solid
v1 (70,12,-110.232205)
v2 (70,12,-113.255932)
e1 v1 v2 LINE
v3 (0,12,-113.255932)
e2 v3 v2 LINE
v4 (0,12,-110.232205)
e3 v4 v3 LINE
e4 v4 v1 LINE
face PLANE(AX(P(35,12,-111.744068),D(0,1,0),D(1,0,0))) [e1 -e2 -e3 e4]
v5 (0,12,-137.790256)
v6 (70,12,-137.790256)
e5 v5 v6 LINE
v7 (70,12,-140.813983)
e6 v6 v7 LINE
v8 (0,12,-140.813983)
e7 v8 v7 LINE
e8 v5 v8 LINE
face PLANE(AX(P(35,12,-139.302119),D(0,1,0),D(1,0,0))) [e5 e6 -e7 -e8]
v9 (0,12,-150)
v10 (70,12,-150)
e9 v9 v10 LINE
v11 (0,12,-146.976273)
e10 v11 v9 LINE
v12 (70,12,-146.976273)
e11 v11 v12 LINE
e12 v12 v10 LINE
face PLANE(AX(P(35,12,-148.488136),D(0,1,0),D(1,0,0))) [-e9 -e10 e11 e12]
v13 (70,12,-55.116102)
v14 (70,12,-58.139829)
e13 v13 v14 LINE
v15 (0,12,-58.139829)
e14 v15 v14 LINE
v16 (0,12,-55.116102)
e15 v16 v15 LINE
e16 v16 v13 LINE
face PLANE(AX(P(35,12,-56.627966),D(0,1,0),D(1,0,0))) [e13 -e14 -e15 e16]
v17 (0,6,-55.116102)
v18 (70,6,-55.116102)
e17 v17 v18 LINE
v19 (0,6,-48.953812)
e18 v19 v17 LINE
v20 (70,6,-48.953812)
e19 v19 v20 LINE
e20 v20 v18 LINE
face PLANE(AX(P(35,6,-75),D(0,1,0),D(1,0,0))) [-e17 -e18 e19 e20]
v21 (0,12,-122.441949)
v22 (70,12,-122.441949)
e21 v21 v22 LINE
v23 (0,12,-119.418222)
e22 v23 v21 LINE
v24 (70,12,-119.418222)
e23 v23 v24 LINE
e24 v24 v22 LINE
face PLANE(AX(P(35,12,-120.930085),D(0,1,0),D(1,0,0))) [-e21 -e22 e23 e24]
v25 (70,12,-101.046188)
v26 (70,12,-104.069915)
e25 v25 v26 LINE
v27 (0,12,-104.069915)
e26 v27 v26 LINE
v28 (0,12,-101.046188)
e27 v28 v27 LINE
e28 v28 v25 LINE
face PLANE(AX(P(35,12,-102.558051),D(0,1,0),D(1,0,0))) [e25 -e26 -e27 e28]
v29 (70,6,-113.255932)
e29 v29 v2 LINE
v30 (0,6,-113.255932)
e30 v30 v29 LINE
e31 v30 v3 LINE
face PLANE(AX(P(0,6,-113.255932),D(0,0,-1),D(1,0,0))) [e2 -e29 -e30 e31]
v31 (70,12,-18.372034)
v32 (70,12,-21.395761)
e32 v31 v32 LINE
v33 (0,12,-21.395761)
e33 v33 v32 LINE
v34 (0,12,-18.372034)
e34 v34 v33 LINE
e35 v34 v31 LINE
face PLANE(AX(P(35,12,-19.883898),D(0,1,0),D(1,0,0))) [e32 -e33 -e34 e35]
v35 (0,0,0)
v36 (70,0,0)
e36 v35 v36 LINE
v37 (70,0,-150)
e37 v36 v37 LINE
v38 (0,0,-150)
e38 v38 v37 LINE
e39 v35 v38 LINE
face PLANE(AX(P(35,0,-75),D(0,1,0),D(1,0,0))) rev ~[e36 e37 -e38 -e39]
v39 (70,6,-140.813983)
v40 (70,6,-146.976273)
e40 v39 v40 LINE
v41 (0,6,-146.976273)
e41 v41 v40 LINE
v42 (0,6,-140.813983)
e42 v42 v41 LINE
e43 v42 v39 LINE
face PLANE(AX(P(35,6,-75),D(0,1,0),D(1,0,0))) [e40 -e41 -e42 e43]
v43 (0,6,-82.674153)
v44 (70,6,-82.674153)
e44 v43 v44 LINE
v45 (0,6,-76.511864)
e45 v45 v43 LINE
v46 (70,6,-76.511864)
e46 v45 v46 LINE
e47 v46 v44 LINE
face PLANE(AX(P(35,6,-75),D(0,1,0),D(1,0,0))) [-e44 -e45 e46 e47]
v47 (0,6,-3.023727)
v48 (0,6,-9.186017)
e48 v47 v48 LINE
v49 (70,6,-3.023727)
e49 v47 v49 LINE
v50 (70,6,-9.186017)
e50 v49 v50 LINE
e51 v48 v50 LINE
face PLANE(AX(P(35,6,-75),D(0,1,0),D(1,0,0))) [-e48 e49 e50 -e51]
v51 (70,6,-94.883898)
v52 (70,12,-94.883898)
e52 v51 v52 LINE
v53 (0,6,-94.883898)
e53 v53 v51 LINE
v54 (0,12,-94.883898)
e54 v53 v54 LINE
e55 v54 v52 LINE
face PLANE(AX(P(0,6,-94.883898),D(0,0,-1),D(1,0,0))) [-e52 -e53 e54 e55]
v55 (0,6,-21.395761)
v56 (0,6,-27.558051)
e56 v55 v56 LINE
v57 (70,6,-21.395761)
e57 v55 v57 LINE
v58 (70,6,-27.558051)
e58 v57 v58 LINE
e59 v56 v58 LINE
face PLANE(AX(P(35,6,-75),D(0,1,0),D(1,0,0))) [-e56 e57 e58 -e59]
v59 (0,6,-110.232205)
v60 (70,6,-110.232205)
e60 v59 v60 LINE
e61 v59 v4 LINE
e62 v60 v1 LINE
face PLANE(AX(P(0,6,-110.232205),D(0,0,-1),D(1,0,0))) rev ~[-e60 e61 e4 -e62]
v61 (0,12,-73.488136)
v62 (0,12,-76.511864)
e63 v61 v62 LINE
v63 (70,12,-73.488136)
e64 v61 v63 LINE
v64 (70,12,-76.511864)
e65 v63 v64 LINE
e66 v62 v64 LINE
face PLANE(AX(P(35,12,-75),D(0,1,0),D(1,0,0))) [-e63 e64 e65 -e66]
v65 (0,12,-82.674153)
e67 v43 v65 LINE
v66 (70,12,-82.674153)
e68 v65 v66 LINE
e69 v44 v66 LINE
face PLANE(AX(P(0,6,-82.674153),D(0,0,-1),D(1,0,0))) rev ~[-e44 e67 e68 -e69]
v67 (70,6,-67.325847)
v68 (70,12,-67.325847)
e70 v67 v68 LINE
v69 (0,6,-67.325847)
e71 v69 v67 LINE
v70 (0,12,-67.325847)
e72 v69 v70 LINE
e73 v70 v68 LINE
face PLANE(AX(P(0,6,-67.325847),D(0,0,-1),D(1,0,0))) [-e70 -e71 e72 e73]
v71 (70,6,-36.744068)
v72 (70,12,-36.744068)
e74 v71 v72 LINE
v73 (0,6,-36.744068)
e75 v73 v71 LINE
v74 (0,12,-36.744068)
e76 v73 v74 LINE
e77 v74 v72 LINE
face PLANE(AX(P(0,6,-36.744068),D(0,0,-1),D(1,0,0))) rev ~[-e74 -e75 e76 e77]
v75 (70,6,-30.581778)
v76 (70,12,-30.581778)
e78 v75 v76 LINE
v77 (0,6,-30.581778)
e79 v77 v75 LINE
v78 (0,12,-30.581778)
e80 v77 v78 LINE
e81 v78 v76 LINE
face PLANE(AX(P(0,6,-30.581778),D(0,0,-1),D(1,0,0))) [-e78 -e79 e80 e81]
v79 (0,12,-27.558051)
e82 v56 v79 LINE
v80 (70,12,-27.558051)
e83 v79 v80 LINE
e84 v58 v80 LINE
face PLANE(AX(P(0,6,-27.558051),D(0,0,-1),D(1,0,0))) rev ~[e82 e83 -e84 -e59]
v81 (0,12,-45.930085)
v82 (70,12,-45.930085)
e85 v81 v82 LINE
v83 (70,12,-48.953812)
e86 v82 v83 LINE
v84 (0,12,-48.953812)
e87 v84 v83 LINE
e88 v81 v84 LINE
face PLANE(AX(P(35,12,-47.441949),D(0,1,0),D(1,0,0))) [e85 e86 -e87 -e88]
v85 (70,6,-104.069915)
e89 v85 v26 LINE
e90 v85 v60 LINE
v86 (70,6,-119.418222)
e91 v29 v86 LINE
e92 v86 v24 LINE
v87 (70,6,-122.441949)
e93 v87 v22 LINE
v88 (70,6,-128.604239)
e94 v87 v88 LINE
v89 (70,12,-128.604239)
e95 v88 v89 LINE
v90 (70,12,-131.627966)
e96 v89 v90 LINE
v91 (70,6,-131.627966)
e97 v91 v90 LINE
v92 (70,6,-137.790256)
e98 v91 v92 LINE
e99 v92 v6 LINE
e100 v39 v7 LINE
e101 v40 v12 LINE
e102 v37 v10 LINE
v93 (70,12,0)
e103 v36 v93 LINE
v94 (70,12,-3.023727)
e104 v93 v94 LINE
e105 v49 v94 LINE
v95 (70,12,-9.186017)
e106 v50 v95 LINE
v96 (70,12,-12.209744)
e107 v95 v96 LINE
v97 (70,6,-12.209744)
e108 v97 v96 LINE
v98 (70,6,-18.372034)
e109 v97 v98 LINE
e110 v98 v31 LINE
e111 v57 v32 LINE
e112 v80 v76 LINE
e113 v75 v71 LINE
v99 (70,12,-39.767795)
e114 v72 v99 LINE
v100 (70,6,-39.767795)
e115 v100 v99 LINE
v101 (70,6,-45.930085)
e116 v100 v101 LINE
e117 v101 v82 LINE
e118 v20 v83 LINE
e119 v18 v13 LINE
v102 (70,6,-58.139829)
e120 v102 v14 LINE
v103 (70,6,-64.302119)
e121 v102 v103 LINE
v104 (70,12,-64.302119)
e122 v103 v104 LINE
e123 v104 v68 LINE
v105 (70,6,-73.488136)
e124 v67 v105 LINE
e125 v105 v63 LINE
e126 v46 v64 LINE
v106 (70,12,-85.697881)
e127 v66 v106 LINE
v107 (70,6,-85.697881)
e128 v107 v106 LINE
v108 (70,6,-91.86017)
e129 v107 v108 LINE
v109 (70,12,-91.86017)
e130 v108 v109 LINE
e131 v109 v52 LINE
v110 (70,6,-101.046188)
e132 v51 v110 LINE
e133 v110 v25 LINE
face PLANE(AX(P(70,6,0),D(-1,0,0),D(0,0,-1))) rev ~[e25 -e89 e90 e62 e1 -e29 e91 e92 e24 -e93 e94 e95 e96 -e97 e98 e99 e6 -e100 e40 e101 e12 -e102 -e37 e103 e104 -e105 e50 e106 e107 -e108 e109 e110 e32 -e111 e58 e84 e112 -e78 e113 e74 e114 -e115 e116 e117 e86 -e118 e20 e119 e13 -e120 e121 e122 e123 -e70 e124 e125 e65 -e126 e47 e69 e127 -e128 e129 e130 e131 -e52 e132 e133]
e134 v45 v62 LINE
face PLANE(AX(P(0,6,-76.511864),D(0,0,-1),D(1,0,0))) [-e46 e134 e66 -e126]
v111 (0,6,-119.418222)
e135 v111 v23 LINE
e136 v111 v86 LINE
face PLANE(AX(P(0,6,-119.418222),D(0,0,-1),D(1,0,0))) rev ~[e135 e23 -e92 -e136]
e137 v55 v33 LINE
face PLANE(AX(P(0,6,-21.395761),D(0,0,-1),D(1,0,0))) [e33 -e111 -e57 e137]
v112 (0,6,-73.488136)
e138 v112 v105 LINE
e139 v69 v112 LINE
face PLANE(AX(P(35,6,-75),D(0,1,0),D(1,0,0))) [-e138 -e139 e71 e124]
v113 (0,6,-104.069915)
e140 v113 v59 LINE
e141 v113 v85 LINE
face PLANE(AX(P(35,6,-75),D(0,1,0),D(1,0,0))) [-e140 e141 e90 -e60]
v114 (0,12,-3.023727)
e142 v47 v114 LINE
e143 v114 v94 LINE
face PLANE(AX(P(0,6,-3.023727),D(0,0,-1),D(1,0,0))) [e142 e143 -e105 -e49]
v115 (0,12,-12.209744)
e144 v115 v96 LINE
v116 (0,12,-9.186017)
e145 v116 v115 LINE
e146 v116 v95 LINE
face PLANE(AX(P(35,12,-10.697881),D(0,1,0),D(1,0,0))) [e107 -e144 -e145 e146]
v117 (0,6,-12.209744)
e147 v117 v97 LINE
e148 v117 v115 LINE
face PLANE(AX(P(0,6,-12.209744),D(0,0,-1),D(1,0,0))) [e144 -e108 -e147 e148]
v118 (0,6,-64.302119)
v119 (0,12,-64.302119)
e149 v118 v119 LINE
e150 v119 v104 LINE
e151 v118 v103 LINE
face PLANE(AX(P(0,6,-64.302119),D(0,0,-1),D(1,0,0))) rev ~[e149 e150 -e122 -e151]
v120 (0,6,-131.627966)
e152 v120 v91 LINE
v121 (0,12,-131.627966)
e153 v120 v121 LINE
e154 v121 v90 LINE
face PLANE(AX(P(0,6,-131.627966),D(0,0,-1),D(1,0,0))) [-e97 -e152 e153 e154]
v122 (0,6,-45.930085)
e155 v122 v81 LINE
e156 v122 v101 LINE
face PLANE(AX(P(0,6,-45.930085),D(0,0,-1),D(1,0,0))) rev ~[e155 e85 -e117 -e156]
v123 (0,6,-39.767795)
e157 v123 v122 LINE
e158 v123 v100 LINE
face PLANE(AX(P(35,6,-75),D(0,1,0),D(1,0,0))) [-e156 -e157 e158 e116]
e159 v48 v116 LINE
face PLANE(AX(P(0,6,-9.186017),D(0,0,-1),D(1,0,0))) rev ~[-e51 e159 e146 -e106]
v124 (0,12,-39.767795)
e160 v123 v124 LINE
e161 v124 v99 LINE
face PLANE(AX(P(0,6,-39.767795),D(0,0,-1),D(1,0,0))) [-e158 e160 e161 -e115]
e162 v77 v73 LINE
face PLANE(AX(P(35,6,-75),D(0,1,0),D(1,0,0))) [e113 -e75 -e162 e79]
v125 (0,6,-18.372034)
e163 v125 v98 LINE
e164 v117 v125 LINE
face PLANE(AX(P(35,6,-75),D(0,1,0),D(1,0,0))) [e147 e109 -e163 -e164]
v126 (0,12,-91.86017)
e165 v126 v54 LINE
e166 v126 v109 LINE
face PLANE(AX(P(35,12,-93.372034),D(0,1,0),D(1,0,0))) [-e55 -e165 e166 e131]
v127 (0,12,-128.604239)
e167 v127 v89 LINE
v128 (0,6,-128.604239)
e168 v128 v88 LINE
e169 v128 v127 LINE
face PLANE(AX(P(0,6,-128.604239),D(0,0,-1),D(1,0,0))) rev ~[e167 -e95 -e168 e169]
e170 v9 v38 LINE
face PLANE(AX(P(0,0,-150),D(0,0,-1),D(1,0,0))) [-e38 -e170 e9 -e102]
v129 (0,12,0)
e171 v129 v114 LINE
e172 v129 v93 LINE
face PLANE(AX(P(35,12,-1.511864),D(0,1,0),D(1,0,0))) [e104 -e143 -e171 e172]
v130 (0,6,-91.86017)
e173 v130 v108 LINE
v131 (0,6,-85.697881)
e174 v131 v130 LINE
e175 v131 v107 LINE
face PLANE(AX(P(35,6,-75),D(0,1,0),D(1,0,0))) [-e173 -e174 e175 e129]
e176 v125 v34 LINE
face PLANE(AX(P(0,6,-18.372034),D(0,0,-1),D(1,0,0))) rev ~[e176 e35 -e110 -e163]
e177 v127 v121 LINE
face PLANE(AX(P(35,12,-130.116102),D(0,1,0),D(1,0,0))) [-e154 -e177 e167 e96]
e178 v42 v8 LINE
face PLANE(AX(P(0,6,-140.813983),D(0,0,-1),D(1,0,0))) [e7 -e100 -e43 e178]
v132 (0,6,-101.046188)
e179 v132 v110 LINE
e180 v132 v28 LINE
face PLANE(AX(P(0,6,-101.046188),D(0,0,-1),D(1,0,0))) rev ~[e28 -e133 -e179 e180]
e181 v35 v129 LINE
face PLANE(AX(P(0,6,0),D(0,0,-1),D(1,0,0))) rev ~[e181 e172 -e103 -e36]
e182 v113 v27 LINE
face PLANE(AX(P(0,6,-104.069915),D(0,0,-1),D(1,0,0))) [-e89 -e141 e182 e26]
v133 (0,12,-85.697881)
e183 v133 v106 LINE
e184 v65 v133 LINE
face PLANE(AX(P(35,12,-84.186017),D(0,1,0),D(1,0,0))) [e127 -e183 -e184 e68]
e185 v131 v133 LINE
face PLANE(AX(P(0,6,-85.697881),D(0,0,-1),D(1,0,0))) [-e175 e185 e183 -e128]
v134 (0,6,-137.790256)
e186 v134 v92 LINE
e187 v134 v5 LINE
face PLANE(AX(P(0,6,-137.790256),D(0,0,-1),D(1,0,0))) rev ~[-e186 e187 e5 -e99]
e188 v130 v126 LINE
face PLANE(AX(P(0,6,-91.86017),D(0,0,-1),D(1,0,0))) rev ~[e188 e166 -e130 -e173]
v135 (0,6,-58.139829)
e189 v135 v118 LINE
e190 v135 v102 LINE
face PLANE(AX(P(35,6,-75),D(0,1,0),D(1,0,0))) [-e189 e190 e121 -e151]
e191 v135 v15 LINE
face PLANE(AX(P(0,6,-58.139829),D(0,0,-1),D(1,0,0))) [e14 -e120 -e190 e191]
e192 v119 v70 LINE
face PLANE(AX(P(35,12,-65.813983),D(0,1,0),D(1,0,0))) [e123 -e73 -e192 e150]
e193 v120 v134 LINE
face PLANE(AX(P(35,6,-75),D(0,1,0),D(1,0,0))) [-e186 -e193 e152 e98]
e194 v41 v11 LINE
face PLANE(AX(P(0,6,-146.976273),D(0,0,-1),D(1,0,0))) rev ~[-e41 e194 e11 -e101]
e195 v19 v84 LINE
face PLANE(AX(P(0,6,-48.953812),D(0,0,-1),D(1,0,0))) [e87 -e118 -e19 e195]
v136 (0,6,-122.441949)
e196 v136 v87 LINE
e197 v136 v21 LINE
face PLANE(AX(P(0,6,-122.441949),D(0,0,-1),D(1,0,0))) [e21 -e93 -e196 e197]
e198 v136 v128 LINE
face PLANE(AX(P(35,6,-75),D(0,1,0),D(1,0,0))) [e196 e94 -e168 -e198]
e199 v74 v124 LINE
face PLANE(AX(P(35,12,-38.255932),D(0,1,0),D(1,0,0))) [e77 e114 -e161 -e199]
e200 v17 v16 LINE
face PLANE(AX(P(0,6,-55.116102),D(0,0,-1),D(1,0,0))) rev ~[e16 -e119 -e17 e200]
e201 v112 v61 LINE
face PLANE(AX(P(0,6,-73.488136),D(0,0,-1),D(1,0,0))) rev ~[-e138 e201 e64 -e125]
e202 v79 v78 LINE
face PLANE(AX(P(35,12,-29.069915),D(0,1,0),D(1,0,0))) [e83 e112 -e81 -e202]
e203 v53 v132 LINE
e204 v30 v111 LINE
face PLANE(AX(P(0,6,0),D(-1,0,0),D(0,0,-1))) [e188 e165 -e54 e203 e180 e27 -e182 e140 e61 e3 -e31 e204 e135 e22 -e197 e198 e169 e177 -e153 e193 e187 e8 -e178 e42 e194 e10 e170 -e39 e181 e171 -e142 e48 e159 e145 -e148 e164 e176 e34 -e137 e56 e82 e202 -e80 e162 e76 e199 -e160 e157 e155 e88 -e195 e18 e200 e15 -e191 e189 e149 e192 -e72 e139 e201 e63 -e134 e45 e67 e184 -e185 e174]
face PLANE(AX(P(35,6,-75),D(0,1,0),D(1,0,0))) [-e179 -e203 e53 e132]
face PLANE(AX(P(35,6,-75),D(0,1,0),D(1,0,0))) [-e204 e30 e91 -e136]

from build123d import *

# Parameters (mm, degrees)
SKETCH1_W           = 70
SKETCH1_H           = 150
BOSS_EXTRUDE1_DEPTH = 6
SKETCH2_W           = 70
SKETCH2_H           = 3.0237272
BOSS_EXTRUDE2_DEPTH = 6


with BuildPart() as part:
    # Sketch1 → Boss-Extrude1 (new body)
    with BuildSketch(Plane(origin=(0, 0, 0), x_dir=(1, 0, 0), z_dir=(0, 1, 0))):
        with Locations((35, 75)):
            Rectangle(SKETCH1_W, SKETCH1_H)
    extrude(amount=BOSS_EXTRUDE1_DEPTH)

    # Sketch2 → Boss-Extrude2 (add)
    with BuildSketch(Plane(origin=(0, 6, 0), x_dir=(1, 0, 0), z_dir=(0, 1, 0))):
        with Locations((35, 1.5118636)):
            Rectangle(SKETCH2_W, SKETCH2_H)
        with Locations((35, 10.69788065)):
            Rectangle(SKETCH2_W, SKETCH2_H)
        with Locations((35, 19.8838977)):
            Rectangle(SKETCH2_W, SKETCH2_H)
        with Locations((35, 29.06991475)):
            Rectangle(SKETCH2_W, SKETCH2_H)
        with Locations((35, 38.2559318)):
            Rectangle(SKETCH2_W, SKETCH2_H)
        with Locations((35, 47.44194885)):
            Rectangle(SKETCH2_W, SKETCH2_H)
        with Locations((35, 56.6279659)):
            Rectangle(SKETCH2_W, SKETCH2_H)
        with Locations((35, 65.81398295)):
            Rectangle(SKETCH2_W, SKETCH2_H)
        with Locations((35, 75)):
            Rectangle(SKETCH2_W, SKETCH2_H)
        with Locations((35, 84.18601705)):
            Rectangle(SKETCH2_W, SKETCH2_H)
        with Locations((35, 93.3720341)):
            Rectangle(SKETCH2_W, SKETCH2_H)
        with Locations((35, 102.55805115)):
            Rectangle(SKETCH2_W, SKETCH2_H)
        with Locations((35, 111.7440682)):
            Rectangle(SKETCH2_W, SKETCH2_H)
        with Locations((35, 120.93008525)):
            Rectangle(SKETCH2_W, SKETCH2_H)
        with Locations((35, 130.1161023)):
            Rectangle(SKETCH2_W, SKETCH2_H)
        with Locations((35, 139.30211935)):
            Rectangle(SKETCH2_W, SKETCH2_H)
        with Locations((35, 148.4881364)):
            Rectangle(SKETCH2_W, SKETCH2_H)
    extrude(amount=BOSS_EXTRUDE2_DEPTH)


solid = part.part
